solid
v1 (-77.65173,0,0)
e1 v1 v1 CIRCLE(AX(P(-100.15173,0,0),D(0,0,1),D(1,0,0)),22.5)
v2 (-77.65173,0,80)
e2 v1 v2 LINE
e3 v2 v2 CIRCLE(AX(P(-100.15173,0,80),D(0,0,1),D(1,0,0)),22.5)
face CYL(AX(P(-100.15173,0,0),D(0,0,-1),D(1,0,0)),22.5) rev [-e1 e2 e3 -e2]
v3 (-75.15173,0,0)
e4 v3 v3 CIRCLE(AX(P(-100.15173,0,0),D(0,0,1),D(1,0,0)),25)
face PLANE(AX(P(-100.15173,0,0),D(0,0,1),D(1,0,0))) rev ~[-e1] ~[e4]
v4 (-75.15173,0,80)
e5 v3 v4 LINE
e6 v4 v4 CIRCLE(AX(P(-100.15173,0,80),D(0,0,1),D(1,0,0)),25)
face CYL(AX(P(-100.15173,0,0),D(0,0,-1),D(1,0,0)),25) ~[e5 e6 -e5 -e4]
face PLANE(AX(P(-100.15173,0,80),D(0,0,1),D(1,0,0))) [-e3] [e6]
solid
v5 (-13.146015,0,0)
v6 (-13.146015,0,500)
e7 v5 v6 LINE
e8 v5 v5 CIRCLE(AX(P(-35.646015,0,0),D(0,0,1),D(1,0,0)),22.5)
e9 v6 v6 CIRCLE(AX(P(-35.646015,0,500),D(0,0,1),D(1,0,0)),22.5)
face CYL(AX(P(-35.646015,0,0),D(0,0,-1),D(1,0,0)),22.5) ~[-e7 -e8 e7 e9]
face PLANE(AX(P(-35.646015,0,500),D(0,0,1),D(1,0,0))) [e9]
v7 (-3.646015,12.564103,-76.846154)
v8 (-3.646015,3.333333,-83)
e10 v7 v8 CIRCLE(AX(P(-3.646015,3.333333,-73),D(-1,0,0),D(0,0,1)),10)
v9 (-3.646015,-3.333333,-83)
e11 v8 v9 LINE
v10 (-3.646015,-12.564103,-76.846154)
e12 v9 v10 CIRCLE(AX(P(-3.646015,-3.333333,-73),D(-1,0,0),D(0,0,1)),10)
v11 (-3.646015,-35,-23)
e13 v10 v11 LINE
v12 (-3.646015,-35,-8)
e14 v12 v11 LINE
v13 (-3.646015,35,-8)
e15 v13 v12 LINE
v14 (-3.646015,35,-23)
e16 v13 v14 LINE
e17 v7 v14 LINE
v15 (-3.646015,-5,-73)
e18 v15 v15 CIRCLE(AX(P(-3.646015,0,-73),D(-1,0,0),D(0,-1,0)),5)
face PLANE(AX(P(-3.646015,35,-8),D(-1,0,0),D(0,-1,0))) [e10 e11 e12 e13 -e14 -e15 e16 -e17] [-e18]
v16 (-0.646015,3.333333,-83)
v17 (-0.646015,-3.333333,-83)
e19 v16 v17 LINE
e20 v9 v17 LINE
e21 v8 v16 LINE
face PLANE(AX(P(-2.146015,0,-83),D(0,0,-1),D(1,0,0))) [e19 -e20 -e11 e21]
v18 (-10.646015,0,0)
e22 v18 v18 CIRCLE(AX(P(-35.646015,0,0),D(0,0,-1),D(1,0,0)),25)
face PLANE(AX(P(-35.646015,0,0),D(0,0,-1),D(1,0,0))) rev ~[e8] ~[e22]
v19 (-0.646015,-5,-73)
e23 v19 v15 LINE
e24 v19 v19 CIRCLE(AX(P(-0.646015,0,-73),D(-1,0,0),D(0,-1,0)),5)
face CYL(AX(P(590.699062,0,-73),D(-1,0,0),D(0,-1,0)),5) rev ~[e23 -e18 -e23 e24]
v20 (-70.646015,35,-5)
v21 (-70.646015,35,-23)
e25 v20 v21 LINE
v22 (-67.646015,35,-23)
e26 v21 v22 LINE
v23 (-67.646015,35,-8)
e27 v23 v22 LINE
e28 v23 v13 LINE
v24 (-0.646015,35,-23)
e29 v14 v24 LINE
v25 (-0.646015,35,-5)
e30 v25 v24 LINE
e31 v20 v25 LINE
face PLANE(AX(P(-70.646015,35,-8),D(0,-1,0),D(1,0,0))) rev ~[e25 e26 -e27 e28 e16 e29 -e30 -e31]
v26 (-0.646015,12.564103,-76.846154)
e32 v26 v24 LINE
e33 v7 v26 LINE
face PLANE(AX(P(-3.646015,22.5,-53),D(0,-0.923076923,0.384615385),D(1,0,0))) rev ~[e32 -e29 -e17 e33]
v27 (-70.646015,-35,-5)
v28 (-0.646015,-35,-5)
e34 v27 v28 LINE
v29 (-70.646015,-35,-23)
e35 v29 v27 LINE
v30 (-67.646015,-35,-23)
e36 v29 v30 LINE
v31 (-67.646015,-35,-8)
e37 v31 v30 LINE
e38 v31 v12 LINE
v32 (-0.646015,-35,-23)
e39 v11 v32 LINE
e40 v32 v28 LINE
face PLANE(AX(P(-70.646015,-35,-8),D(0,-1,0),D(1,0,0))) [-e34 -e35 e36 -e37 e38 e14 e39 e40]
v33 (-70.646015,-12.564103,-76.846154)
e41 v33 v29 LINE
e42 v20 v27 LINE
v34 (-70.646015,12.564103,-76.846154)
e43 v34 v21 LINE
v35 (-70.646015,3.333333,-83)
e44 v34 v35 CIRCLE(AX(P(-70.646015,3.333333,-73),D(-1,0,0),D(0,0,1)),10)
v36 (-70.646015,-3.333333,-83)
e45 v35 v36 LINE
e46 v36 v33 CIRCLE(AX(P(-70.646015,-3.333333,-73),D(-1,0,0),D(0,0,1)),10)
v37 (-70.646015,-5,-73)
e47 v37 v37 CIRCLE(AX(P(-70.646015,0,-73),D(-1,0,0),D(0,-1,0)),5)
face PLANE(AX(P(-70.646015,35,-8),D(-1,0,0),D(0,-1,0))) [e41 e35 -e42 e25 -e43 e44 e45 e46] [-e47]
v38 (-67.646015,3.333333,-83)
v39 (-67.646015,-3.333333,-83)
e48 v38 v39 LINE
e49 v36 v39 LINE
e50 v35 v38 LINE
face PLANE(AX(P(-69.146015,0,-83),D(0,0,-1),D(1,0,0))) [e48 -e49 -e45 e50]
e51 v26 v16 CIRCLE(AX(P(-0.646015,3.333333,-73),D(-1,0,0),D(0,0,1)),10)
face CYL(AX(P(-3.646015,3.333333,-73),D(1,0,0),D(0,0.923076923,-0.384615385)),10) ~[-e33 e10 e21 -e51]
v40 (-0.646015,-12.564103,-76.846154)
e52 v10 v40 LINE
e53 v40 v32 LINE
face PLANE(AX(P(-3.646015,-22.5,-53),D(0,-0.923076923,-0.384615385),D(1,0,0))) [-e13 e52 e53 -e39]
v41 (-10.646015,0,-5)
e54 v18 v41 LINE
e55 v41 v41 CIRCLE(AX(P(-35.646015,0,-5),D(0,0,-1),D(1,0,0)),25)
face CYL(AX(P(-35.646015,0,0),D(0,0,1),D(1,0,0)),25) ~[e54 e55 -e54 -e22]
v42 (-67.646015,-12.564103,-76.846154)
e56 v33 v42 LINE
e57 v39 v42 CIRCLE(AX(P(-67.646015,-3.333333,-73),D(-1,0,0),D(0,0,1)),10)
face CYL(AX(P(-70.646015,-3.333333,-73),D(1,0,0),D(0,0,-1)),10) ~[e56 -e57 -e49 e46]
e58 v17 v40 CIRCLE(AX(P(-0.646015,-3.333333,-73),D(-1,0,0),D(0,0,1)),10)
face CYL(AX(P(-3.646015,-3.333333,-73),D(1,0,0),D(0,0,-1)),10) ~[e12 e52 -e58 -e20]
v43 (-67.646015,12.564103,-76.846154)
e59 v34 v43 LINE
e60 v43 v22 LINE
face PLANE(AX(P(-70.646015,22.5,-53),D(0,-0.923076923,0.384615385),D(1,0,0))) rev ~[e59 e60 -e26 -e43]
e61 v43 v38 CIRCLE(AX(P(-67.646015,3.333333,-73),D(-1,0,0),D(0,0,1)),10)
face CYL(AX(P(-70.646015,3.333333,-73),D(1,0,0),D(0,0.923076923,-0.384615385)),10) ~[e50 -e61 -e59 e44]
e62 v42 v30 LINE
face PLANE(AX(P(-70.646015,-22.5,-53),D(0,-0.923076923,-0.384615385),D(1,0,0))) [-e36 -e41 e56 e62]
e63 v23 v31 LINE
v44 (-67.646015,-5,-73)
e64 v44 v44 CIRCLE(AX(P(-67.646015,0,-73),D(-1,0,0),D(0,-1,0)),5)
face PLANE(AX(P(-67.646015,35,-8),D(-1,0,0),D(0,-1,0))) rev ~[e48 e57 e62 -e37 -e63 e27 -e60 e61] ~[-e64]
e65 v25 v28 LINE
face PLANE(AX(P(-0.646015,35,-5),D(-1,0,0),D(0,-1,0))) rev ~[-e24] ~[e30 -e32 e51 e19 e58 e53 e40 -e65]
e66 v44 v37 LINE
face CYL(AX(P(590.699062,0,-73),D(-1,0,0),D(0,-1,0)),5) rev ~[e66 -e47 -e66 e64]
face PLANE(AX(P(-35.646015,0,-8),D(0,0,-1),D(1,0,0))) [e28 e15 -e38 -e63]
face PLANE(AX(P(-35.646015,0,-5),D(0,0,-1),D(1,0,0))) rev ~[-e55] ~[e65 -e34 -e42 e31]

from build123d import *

# Parameters (mm, degrees)
F0_R      = 25
F0_R_2    = 22.5
F1_DEPTH  = 80
F2_R      = 22.5
F3_DEPTH  = 500
F4_R      = 25
F5_DEPTH  = 5
F6_W      = 70
F6_H      = 70
F7_DEPTH  = 3
F8_W      = 3
F8_H      = 70
F9_DEPTH  = 75
F10_SIZE2 = 60
F10_SIZE  = 25
F11_SIZE2 = 60
F11_SIZE  = 25
F13_D     = 10
F14_R     = 10


with BuildPart() as f1:
    # F0 (on Top) → F1 (new body)
    with BuildSketch(Plane.XY):
        with Locations((-100.1517296412, 0)):
            Circle(F0_R)
        with Locations((-100.1517296412, 0)):
            Circle(F0_R_2, mode=Mode.SUBTRACT)
    extrude(amount=F1_DEPTH)


with BuildPart() as f3:
    # F2 (on Top) → F3 (new body)
    with BuildSketch(Plane.XY):
        with Locations((-35.6460149927, 0)):
            Circle(F2_R)
    extrude(amount=F3_DEPTH)

    # F4 (on face) → F5 (join)
    with BuildSketch(Plane(origin=(0, 0, 0), x_dir=(1, 0, 0), z_dir=(0, 0, -1))):
        with Locations((-35.6460149927, 0)):
            Circle(F4_R)
    extrude(amount=F5_DEPTH)

    # F6 (on face) → F7 (join)
    with BuildSketch(Plane(origin=(0, 0, -5), x_dir=(1, 0, 0), z_dir=(0, 0, -1))):
        with Locations((-35.6460149927, 0)):
            Rectangle(F6_W, F6_H)
    extrude(amount=F7_DEPTH)

    # F8 (on face) → F9 (join)
    with BuildSketch(Plane(origin=(0, 0, -8), x_dir=(1, 0, 0), z_dir=(0, 0, -1))):
        with Locations((-69.1460149927, 0)):
            Rectangle(F8_W, F8_H)
        with Locations((-2.1460149927, 0)):
            Rectangle(F8_W, F8_H)
    extrude(amount=F9_DEPTH)

    # F10
    f10_edges = [f3.edges().sort_by_distance(p)[0] for p in [
        (-69.146015, -35, -83),
        (-69.146015, 35, -83),
    ]]
    f10_side = f3.faces().sort_by_distance((-69.146015, 0, -83))[0]
    chamfer(f10_edges, length=F10_SIZE, length2=F10_SIZE2, reference=f10_side)

    # F11
    f11_edges = [f3.edges().sort_by_distance(p)[0] for p in [
        (-2.146015, 35, -83),
        (-2.146015, -35, -83),
    ]]
    f11_side = f3.faces().sort_by_distance((-2.146015, 0, -83))[0]
    chamfer(f11_edges, length=F11_SIZE, length2=F11_SIZE2, reference=f11_side)

    # F13 (through all)
    with Locations(Plane.YZ.offset(-0.6460149927)):
        with Locations((0, -73)):
            Hole(F13_D / 2)

    # F14
    f14_edges = [f3.edges().sort_by_distance(p)[0] for p in [
        (-2.146015, 10, -83),
        (-2.146015, -10, -83),
        (-69.146015, -10, -83),
        (-69.146015, 10, -83),
    ]]
    fillet(f14_edges, radius=F14_R)


solid = Compound([f1.part, f3.part])
